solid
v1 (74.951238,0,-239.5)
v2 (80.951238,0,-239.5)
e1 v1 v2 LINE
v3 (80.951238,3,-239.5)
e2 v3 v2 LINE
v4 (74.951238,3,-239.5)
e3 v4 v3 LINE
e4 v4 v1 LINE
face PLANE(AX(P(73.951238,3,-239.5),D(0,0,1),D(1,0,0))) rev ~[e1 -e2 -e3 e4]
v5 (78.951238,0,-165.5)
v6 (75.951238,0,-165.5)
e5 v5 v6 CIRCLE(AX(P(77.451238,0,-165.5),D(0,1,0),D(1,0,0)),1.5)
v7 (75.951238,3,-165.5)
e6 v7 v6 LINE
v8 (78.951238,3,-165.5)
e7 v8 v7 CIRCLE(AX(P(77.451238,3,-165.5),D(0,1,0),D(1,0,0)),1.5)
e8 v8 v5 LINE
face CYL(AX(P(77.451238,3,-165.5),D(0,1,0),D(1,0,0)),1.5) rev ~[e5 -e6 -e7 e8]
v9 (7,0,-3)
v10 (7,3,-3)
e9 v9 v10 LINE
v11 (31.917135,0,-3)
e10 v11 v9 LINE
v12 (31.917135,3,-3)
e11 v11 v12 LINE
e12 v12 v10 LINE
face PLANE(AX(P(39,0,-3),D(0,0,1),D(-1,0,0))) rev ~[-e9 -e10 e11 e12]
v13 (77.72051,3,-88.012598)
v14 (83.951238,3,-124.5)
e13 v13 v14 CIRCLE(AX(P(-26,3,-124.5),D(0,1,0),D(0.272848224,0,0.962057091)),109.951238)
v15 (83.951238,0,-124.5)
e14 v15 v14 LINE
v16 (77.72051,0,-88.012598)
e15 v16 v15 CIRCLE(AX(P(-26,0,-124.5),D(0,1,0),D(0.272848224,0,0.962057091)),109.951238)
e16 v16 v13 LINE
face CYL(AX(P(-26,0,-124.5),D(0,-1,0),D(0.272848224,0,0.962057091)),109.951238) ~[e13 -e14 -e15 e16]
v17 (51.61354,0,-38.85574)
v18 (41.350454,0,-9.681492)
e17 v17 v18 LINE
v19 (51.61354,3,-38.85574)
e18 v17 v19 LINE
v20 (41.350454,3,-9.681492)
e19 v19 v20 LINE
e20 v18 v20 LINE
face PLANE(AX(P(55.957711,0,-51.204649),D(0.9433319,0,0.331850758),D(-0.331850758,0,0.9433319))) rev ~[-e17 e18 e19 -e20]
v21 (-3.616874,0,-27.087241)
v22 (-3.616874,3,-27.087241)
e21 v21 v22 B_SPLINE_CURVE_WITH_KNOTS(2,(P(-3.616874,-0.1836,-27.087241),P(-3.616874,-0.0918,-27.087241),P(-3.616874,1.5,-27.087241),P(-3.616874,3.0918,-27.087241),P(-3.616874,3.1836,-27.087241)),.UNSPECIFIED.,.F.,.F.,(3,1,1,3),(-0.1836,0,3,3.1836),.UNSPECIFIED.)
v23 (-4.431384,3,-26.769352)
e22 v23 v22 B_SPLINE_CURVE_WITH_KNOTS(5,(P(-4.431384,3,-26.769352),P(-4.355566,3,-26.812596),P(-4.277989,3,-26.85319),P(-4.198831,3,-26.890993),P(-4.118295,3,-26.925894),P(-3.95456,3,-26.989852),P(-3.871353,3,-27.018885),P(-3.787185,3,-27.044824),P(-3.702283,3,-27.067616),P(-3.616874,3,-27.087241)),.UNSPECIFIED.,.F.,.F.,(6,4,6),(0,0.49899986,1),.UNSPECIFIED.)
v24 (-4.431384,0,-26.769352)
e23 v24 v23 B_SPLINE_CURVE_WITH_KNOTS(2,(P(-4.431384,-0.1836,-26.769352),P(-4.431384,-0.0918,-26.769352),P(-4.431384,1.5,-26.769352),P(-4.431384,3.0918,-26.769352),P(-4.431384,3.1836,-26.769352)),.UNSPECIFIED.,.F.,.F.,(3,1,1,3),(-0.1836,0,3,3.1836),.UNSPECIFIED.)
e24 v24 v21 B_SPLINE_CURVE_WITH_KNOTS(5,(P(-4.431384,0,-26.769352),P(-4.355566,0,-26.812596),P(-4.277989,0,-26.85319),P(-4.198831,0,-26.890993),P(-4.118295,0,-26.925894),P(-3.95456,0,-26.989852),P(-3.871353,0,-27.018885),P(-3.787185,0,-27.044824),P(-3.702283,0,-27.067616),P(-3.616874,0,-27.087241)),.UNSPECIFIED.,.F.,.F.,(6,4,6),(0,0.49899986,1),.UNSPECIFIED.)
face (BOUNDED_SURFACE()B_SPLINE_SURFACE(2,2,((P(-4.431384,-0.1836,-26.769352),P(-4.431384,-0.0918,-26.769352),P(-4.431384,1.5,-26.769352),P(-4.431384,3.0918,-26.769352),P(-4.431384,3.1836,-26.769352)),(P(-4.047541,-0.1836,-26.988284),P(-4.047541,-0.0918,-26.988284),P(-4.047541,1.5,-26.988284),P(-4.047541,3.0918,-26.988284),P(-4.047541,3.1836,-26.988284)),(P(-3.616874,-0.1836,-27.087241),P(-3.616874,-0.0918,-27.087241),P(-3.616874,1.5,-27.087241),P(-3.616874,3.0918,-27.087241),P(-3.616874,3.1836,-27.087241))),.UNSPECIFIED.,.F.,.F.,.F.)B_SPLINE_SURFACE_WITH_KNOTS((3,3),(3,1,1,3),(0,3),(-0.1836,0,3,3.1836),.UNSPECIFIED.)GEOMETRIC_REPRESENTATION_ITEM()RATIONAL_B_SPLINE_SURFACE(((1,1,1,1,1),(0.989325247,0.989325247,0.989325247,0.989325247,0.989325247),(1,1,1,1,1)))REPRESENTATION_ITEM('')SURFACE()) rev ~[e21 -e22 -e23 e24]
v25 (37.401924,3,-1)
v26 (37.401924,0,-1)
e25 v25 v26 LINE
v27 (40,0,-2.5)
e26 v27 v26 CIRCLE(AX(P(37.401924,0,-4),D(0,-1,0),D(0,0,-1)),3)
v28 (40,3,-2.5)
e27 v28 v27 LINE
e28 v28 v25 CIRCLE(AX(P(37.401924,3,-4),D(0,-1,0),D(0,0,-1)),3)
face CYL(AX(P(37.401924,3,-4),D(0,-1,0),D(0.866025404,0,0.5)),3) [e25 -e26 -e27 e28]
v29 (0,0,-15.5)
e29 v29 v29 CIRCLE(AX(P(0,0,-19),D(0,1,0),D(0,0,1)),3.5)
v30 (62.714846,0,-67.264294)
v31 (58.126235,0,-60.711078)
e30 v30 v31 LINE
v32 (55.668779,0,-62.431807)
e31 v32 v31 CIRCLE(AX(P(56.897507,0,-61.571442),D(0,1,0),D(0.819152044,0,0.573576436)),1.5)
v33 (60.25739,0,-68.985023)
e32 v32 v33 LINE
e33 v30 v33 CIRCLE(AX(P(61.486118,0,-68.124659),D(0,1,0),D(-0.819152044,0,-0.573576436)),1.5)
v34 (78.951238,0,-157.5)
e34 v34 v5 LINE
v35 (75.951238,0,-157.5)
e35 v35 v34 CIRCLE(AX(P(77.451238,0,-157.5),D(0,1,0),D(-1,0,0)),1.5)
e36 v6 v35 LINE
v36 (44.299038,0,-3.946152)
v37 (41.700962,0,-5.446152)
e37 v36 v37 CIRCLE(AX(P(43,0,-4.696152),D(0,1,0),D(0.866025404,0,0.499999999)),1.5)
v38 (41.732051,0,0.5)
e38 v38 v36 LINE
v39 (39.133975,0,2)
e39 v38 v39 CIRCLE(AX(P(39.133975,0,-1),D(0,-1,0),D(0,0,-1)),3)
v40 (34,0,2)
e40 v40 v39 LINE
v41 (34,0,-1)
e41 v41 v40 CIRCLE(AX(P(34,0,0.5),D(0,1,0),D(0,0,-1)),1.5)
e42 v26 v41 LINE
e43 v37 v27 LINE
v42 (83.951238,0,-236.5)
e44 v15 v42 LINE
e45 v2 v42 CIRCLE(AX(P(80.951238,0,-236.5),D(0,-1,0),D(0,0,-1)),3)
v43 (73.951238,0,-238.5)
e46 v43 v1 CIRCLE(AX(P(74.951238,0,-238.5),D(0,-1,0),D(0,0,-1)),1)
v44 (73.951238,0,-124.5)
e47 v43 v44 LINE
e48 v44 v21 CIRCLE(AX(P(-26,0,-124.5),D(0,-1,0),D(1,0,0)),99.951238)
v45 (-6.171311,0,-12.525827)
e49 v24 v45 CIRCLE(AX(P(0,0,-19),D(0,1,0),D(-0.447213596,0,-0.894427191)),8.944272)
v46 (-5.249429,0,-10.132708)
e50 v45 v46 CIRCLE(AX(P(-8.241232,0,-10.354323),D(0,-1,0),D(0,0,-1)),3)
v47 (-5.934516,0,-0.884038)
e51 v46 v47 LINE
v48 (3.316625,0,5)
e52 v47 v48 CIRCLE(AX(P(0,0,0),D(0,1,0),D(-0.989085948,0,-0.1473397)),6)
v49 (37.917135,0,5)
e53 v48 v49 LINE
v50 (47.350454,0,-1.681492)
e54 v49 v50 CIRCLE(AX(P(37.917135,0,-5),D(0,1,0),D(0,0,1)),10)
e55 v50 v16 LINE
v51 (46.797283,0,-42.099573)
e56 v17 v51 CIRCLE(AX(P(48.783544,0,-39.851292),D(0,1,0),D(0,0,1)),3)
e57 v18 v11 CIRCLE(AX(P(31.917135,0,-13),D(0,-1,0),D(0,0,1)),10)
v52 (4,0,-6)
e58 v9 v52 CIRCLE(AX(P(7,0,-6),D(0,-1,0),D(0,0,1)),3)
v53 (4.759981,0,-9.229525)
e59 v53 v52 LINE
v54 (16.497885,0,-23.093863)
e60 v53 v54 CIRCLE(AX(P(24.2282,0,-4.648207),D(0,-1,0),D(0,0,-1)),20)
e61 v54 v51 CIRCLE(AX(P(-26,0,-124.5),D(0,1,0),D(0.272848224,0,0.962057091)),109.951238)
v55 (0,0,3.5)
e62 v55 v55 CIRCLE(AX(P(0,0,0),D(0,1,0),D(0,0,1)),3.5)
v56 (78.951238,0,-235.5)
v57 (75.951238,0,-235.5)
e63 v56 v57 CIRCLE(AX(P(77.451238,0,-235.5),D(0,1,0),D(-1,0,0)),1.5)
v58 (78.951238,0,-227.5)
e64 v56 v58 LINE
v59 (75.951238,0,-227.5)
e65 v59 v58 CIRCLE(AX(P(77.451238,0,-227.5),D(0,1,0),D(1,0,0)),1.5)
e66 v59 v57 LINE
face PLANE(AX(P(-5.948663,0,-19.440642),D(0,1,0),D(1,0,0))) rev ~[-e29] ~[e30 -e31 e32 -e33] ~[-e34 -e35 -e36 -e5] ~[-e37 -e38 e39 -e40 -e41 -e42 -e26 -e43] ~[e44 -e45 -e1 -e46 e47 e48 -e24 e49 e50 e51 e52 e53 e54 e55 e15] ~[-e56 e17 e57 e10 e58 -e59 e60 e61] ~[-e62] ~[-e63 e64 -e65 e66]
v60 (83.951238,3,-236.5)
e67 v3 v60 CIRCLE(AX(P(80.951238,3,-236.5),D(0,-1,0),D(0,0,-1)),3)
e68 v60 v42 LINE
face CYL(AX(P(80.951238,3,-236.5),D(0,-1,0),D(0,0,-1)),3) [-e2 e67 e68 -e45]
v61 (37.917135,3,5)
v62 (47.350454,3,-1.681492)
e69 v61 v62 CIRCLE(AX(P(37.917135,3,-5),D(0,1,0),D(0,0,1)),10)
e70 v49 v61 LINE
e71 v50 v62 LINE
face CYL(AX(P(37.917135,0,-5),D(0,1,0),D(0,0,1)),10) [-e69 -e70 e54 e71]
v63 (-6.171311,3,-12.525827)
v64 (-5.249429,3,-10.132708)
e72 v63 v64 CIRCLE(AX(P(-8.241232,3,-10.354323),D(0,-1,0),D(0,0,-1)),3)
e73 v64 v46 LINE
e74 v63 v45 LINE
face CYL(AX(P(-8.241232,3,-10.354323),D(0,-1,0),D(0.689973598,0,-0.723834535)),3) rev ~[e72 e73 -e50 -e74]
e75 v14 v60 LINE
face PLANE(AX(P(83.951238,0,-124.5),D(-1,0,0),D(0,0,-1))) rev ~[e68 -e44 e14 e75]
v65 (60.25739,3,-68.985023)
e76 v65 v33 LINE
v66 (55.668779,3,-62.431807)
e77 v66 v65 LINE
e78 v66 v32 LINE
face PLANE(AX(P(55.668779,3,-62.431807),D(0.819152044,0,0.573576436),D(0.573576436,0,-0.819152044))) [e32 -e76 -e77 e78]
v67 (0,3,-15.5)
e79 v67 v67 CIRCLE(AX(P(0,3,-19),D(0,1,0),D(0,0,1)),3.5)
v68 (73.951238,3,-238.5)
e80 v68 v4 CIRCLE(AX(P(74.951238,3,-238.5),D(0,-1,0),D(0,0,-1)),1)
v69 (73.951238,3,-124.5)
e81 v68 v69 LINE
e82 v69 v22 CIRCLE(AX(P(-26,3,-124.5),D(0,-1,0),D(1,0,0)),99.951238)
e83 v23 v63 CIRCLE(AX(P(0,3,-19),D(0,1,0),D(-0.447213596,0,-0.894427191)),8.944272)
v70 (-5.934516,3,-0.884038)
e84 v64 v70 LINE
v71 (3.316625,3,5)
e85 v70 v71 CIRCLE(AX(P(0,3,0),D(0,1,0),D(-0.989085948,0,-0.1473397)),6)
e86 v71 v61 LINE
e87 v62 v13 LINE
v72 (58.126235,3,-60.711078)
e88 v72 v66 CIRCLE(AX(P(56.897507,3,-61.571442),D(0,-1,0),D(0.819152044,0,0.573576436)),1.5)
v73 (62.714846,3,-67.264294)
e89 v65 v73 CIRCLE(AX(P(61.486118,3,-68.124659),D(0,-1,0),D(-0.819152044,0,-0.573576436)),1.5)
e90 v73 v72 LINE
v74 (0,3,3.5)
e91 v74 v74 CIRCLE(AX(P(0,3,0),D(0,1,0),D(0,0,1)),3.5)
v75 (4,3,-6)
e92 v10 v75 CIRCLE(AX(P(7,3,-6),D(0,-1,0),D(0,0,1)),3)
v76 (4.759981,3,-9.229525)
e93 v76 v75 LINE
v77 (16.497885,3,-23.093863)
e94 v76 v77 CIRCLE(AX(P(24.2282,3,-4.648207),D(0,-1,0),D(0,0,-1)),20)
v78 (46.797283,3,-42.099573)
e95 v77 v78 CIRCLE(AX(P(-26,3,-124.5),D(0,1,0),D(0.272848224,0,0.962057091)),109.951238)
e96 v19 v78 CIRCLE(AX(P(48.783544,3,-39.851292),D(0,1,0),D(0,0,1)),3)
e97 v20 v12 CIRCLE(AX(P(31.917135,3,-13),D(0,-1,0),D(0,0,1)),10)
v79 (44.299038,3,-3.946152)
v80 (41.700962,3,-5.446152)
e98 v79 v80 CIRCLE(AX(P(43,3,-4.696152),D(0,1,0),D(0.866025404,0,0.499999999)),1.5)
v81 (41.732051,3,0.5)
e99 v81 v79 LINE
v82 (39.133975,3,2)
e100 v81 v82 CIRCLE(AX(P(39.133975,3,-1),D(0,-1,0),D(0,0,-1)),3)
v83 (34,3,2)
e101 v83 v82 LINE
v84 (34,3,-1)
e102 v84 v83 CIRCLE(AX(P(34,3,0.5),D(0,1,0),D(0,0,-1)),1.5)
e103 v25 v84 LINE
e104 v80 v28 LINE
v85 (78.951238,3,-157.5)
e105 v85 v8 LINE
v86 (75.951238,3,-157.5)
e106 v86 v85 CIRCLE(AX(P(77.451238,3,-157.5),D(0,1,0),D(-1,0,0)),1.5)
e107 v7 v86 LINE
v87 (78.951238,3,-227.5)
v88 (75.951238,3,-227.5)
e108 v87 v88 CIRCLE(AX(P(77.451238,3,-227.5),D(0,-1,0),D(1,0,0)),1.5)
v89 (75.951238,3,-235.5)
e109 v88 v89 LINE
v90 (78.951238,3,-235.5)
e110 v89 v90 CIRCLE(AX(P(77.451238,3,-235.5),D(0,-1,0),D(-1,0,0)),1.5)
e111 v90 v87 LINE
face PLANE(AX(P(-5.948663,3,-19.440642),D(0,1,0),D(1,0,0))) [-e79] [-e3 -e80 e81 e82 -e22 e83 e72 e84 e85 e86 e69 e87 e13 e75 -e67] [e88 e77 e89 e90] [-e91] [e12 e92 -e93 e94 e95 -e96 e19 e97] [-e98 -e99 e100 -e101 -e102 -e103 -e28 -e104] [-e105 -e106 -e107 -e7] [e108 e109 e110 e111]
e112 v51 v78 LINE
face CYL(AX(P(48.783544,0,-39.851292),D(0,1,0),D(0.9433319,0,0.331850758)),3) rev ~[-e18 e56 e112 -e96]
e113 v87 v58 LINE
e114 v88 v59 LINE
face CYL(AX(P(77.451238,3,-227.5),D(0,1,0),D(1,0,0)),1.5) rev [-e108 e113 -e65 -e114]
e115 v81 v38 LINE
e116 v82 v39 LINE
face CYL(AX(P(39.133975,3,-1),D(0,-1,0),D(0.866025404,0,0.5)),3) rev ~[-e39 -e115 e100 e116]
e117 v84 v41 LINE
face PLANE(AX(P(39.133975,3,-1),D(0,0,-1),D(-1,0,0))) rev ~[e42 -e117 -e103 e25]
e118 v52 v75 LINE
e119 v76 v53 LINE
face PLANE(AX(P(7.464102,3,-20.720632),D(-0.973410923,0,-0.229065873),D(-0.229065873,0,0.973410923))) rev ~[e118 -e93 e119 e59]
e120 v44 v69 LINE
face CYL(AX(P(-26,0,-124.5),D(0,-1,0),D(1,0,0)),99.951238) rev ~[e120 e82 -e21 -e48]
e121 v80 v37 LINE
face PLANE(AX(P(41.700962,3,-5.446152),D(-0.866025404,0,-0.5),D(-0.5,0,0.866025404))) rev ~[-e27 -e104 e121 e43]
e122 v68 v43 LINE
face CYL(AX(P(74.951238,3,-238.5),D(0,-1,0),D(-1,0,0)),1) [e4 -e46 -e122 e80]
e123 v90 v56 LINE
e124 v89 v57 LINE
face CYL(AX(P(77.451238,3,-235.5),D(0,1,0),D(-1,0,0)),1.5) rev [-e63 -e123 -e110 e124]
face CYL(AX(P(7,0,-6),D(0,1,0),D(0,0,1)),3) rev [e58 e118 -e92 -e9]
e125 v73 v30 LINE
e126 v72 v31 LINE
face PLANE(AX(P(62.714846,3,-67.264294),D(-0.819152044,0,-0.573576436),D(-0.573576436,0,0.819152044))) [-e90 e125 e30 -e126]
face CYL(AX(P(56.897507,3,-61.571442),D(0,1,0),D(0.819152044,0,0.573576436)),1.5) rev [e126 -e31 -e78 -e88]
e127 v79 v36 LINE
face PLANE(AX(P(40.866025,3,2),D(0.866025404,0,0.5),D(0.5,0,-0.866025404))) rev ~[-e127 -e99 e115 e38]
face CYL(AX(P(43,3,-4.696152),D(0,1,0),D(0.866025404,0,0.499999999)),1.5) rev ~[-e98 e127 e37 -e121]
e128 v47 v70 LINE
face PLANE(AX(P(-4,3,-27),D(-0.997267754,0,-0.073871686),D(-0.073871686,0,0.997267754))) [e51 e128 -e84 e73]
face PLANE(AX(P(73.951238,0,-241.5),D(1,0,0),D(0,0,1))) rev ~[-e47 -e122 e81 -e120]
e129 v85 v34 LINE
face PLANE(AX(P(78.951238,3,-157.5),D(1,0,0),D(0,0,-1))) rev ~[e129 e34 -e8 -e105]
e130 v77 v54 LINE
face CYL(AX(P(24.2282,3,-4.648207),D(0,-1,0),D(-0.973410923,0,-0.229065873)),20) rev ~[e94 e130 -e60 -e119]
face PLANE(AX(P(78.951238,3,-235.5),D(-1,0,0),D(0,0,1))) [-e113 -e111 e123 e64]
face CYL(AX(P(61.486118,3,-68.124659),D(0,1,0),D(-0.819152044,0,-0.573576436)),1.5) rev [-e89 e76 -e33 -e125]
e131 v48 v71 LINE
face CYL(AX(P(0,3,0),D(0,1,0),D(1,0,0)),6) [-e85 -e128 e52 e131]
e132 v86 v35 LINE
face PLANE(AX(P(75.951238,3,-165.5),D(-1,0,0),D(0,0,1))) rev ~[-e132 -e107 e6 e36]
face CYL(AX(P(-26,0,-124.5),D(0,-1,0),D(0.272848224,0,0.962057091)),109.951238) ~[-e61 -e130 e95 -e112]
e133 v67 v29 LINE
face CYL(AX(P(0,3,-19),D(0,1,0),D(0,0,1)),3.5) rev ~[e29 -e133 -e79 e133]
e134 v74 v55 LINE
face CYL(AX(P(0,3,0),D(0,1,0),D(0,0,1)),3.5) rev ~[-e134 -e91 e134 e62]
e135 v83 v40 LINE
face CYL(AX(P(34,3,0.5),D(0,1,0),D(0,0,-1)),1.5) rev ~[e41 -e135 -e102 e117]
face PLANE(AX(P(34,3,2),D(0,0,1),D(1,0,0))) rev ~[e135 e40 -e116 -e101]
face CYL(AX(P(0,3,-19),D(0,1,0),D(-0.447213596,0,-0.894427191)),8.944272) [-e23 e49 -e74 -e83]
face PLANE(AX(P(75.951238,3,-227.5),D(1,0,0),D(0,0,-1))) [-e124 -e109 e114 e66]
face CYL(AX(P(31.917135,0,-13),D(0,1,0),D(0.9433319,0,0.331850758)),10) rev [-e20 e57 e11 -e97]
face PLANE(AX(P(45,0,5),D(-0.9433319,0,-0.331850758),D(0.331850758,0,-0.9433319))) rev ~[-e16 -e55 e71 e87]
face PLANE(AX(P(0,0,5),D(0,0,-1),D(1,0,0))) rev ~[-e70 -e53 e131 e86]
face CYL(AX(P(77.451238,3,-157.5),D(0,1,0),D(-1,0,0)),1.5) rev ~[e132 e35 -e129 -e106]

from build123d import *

# Parameters (mm, degrees)
SKETCH_2_R          = 1.5
EXTRUDE_1_DEPTH     = 3
EXTRUDE_START       = -3
EXTRUDE_2_DEPTH     = 3
FILLET_3_R          = 3
FILLET_4_R          = 10
FILLET_5_R          = 3
CUT_EXTRUDE_1_DEPTH = 9.5
FILLET_6_R          = 3
CUT_EXTRUDE_2_DEPTH = 256.693293577
CUT_EXTRUDE_3_DEPTH = 256.693293577
SKETCH_7_W          = 10
SKETCH_7_H          = 2
CUT_EXTRUDE_4_DEPTH = 256.693293577
FILLET_9_R          = 1
FILLET_10_R         = 3
SKETCH_8_R          = 6
EXTRUDE_3_DEPTH     = 3
SKETCH_9_R          = 3.5
CUT_EXTRUDE_5_DEPTH = 3
SKETCH_10_R         = 3.5
CUT_EXTRUDE_6_DEPTH = 3
EXTRUDE_6_DEPTH     = 3
EXTRUDE_7_DEPTH     = 3
EXTRUDE_8_DEPTH     = 3
FILLET_12_R         = 3
FILLET_13_R         = 20


with BuildPart() as part:
    # 草图2 → 凸台-拉伸1 (new body)
    # profile 1 of 3: a face of its own
    with BuildSketch(Plane(origin=(0, 0, 0), x_dir=(1, 0, 0), z_dir=(0, 1, 0))):
        with BuildLine():
            Line((-4, 27), (-4, 23))
            Line((-4, 23), (-4, 3))
            ThreePointArc((-4, 3), (0, 5), (4, 3))
            Line((4, 3), (4, 18.72063168))
            ThreePointArc((4, 18.72063168), (61.714912944, 58.202422296), (83.951238111, 124.5))
            Line((83.951238111, 124.5), (83.951238111, 241.5))
            Line((83.951238111, 241.5), (73.951238111, 241.5))
            Line((73.951238111, 241.5), (73.951238111, 124.5))
            ThreePointArc((73.951238111, 124.5), (52.067846257, 62.084766437), (-4, 27))
        make_face()
        with Locations(Location((0, 19, 0), (0, 0, 270))):
            Circle(SKETCH_2_R, mode=Mode.SUBTRACT)
    # profile 2 of 3: a face of its own
    with BuildSketch(Plane(origin=(0, 0, 0), x_dir=(1, 0, 0), z_dir=(0, 1, 0))):
        with BuildLine():
            ThreePointArc((4, 3), (0, 5), (-4, 3))
            Line((-4, 3), (-4, 0))
            Line((-4, 0), (-1.5, 0))
            ThreePointArc((-1.5, 0), (0, 1.5), (1.5, 0))
            Line((1.5, 0), (4, 0))
            Line((4, 0), (4, 3))
        make_face()
    # profile 3 of 3: a face of its own
    with BuildSketch(Plane(origin=(0, 0, 0), x_dir=(1, 0, 0), z_dir=(0, 1, 0))):
        with BuildLine():
            Line((-4, 0), (-4, 3))
            ThreePointArc((-4, 3), (-1.58113883, -4.74341649), (5, 0))
            ThreePointArc((5, 0), (4.74341649, 1.58113883), (4, 3))
            Line((4, 3), (4, 0))
            Line((4, 0), (1.5, 0))
            ThreePointArc((1.5, 0), (0, -1.5), (-1.5, 0))
            Line((-1.5, 0), (-4, 0))
        make_face()
    extrude(amount=EXTRUDE_1_DEPTH)

    # 草图3 → 凸台-拉伸2 (add)
    with BuildSketch(Plane(origin=(0, 3, 0), x_dir=(1, 0, 0), z_dir=(0, 1, 0)).offset(EXTRUDE_START)):
        with BuildLine():
            ThreePointArc((4, 3), (4.472135955, -2.236067977), (0, -5))
            Line((0, -5), (45, -5))
            Line((45, -5), (77.720510398, 88.012598271))
            ThreePointArc((77.720510398, 88.012598271), (68.645690453, 68.540478551), (55.957710685, 51.204649386))
            Line((55.957710685, 51.204649386), (39, 3))
            Line((39, 3), (4, 3))
        make_face()
    extrude(amount=EXTRUDE_2_DEPTH)

    # 圆角3
    fillet_3_edges = [part.edges().sort_by_distance(p)[0] for p in [
        (55.957710685, 1.5, -51.204649386),
    ]]
    fillet(fillet_3_edges, radius=FILLET_3_R)

    # 圆角4
    fillet_4_edges = [part.edges().sort_by_distance(p)[0] for p in [
        (39, 1.5, -3),
        (45, 1.5, 5),
    ]]
    fillet(fillet_4_edges, radius=FILLET_4_R)

    # 圆角5
    fillet_5_edges = [part.edges().sort_by_distance(p)[0] for p in [
        (4, 1.5, -3),
        (-4, 1.5, -3),
    ]]
    fillet(fillet_5_edges, radius=FILLET_5_R)

    # 草图4 → 切除-拉伸1 (cut)
    with BuildSketch(Plane(origin=(0, 3, 0), x_dir=(1, 0, 0), z_dir=(0, 1, 0))):
        with BuildLine():
            Line((40.866025404, -2), (44.299038106, 3.946152423))
            ThreePointArc((44.299038106, 3.946152423), (43.75, 5.995190528), (41.700961894, 5.446152423))
            Line((41.700961894, 5.446152423), (39.133974596, 1))
            Line((39.133974596, 1), (34, 1))
            ThreePointArc((34, 1), (32.5, -0.5), (34, -2))
            Line((34, -2), (40.866025404, -2))
        make_face()
    extrude(amount=-CUT_EXTRUDE_1_DEPTH, mode=Mode.SUBTRACT)

    # 圆角6
    fillet_6_edges = [part.edges().sort_by_distance(p)[0] for p in [
        (40.866025404, 1.5, 2),
        (39.133974596, 1.5, -1),
    ]]
    fillet(fillet_6_edges, radius=FILLET_6_R)

    # 草图5 → 切除-拉伸2 (cut, through all)
    with BuildSketch(Plane(origin=(0, 3, 0), x_dir=(1, 0, 0), z_dir=(0, 1, 0))):
        with BuildLine():
            Line((62.714846418, 67.264294142), (58.126234927, 60.711077788))
            ThreePointArc((58.126234927, 60.711077788), (56.037142206, 60.342714376), (55.668778794, 62.431807097))
            Line((55.668778794, 62.431807097), (60.257390285, 68.985023451))
            ThreePointArc((60.257390285, 68.985023451), (62.346483006, 69.353386863), (62.714846418, 67.264294142))
        make_face()
    extrude(amount=-CUT_EXTRUDE_2_DEPTH, mode=Mode.SUBTRACT)

    # 草图6 → 切除-拉伸3 (cut, through all)
    with BuildSketch(Plane(origin=(0, 3, 0), x_dir=(1, 0, 0), z_dir=(0, 1, 0))):
        with BuildLine():
            Line((78.951238111, 235.5), (78.951238111, 227.5))
            ThreePointArc((78.951238111, 227.5), (77.451238111, 226), (75.951238111, 227.5))
            Line((75.951238111, 227.5), (75.951238111, 235.5))
            ThreePointArc((75.951238111, 235.5), (77.451238111, 237), (78.951238111, 235.5))
        make_face()
        with BuildLine():
            Line((75.951238111, 165.5), (75.951238111, 157.5))
            ThreePointArc((75.951238111, 157.5), (77.451238111, 156), (78.951238111, 157.5))
            Line((78.951238111, 157.5), (78.951238111, 165.5))
            ThreePointArc((78.951238111, 165.5), (77.451238111, 167), (75.951238111, 165.5))
        make_face()
    extrude(amount=-CUT_EXTRUDE_3_DEPTH, mode=Mode.SUBTRACT)

    # 草图7 → 切除-拉伸4 (cut, through all)
    with BuildSketch(Plane(origin=(0, 3, 0), x_dir=(1, 0, 0), z_dir=(0, 1, 0))):
        with Locations((78.951238111, 240.5)):
            Rectangle(SKETCH_7_W, SKETCH_7_H)
    extrude(amount=-CUT_EXTRUDE_4_DEPTH, mode=Mode.SUBTRACT)

    # 圆角9
    fillet_9_edges = [part.edges().sort_by_distance(p)[0] for p in [
        (73.951238111, 1.5, -239.5),
    ]]
    fillet(fillet_9_edges, radius=FILLET_9_R)

    # 圆角10
    fillet_10_edges = [part.edges().sort_by_distance(p)[0] for p in [
        (83.951238111, 1.5, -239.5),
    ]]
    fillet(fillet_10_edges, radius=FILLET_10_R)

    # 草图8 → 凸台-拉伸3 (add)
    with BuildSketch(Plane(origin=(0, 3, 0), x_dir=(1, 0, 0), z_dir=(0, 1, 0))):
        Circle(SKETCH_8_R)
    extrude(amount=-EXTRUDE_3_DEPTH)

    # 草图9 → 切除-拉伸5 (cut)
    with BuildSketch(Plane(origin=(0, 3, 0), x_dir=(1, 0, 0), z_dir=(0, 1, 0))):
        with Locations(Location((0, 0, 0), (0, 0, 270))):
            Circle(SKETCH_9_R)
    extrude(amount=-CUT_EXTRUDE_5_DEPTH, mode=Mode.SUBTRACT)

    # 草图10 → 切除-拉伸6 (cut)
    with BuildSketch(Plane(origin=(0, 3, 0), x_dir=(1, 0, 0), z_dir=(0, 1, 0))):
        with Locations(Location((0, 19, 0), (0, 0, 270))):
            Circle(SKETCH_10_R)
    extrude(amount=-CUT_EXTRUDE_6_DEPTH, mode=Mode.SUBTRACT)

    # 草图12 → 凸台-拉伸6 (add)
    with BuildSketch(Plane(origin=(0, 3, 0), x_dir=(1, 0, 0), z_dir=(0, 1, 0))):
        Polygon((4, 6), (4, 18.72063168), (7.464101615, 20.72063168), align=None)
    extrude(amount=-EXTRUDE_6_DEPTH)

    # 草图14 → 凸台-拉伸7 (add)
    with BuildSketch(Plane(origin=(0, 3, 0), x_dir=(1, 0, 0), z_dir=(0, 1, 0))):
        Polygon((-4, 27), (-6, 0), (-4, 4.472135955), align=None)
    extrude(amount=-EXTRUDE_7_DEPTH)

    # 草图15 → 凸台-拉伸8 (add)
    with BuildSketch(Plane(origin=(0, 3, 0), x_dir=(1, 0, 0), z_dir=(0, 1, 0))):
        with BuildLine():
            Line((-5.135061392, 11.676671214), (-4, 27))
            ThreePointArc((-4, 27), (-8.919833963, 19.660728442), (-5.135061392, 11.676671214))
        make_face()
    extrude(amount=-EXTRUDE_8_DEPTH)

    # 圆角12
    fillet_12_edges = [part.edges().sort_by_distance(p)[0] for p in [
        (-4, 1.5, -27),
        (-5.135061392, 1.5, -11.676671214),
    ]]
    fillet(fillet_12_edges, radius=FILLET_12_R)

    # 圆角13
    fillet_13_edges = [part.edges().sort_by_distance(p)[0] for p in [
        (7.221005183, 1.5, -19.687598172),
    ]]
    fillet(fillet_13_edges, radius=FILLET_13_R)


solid = part.part
